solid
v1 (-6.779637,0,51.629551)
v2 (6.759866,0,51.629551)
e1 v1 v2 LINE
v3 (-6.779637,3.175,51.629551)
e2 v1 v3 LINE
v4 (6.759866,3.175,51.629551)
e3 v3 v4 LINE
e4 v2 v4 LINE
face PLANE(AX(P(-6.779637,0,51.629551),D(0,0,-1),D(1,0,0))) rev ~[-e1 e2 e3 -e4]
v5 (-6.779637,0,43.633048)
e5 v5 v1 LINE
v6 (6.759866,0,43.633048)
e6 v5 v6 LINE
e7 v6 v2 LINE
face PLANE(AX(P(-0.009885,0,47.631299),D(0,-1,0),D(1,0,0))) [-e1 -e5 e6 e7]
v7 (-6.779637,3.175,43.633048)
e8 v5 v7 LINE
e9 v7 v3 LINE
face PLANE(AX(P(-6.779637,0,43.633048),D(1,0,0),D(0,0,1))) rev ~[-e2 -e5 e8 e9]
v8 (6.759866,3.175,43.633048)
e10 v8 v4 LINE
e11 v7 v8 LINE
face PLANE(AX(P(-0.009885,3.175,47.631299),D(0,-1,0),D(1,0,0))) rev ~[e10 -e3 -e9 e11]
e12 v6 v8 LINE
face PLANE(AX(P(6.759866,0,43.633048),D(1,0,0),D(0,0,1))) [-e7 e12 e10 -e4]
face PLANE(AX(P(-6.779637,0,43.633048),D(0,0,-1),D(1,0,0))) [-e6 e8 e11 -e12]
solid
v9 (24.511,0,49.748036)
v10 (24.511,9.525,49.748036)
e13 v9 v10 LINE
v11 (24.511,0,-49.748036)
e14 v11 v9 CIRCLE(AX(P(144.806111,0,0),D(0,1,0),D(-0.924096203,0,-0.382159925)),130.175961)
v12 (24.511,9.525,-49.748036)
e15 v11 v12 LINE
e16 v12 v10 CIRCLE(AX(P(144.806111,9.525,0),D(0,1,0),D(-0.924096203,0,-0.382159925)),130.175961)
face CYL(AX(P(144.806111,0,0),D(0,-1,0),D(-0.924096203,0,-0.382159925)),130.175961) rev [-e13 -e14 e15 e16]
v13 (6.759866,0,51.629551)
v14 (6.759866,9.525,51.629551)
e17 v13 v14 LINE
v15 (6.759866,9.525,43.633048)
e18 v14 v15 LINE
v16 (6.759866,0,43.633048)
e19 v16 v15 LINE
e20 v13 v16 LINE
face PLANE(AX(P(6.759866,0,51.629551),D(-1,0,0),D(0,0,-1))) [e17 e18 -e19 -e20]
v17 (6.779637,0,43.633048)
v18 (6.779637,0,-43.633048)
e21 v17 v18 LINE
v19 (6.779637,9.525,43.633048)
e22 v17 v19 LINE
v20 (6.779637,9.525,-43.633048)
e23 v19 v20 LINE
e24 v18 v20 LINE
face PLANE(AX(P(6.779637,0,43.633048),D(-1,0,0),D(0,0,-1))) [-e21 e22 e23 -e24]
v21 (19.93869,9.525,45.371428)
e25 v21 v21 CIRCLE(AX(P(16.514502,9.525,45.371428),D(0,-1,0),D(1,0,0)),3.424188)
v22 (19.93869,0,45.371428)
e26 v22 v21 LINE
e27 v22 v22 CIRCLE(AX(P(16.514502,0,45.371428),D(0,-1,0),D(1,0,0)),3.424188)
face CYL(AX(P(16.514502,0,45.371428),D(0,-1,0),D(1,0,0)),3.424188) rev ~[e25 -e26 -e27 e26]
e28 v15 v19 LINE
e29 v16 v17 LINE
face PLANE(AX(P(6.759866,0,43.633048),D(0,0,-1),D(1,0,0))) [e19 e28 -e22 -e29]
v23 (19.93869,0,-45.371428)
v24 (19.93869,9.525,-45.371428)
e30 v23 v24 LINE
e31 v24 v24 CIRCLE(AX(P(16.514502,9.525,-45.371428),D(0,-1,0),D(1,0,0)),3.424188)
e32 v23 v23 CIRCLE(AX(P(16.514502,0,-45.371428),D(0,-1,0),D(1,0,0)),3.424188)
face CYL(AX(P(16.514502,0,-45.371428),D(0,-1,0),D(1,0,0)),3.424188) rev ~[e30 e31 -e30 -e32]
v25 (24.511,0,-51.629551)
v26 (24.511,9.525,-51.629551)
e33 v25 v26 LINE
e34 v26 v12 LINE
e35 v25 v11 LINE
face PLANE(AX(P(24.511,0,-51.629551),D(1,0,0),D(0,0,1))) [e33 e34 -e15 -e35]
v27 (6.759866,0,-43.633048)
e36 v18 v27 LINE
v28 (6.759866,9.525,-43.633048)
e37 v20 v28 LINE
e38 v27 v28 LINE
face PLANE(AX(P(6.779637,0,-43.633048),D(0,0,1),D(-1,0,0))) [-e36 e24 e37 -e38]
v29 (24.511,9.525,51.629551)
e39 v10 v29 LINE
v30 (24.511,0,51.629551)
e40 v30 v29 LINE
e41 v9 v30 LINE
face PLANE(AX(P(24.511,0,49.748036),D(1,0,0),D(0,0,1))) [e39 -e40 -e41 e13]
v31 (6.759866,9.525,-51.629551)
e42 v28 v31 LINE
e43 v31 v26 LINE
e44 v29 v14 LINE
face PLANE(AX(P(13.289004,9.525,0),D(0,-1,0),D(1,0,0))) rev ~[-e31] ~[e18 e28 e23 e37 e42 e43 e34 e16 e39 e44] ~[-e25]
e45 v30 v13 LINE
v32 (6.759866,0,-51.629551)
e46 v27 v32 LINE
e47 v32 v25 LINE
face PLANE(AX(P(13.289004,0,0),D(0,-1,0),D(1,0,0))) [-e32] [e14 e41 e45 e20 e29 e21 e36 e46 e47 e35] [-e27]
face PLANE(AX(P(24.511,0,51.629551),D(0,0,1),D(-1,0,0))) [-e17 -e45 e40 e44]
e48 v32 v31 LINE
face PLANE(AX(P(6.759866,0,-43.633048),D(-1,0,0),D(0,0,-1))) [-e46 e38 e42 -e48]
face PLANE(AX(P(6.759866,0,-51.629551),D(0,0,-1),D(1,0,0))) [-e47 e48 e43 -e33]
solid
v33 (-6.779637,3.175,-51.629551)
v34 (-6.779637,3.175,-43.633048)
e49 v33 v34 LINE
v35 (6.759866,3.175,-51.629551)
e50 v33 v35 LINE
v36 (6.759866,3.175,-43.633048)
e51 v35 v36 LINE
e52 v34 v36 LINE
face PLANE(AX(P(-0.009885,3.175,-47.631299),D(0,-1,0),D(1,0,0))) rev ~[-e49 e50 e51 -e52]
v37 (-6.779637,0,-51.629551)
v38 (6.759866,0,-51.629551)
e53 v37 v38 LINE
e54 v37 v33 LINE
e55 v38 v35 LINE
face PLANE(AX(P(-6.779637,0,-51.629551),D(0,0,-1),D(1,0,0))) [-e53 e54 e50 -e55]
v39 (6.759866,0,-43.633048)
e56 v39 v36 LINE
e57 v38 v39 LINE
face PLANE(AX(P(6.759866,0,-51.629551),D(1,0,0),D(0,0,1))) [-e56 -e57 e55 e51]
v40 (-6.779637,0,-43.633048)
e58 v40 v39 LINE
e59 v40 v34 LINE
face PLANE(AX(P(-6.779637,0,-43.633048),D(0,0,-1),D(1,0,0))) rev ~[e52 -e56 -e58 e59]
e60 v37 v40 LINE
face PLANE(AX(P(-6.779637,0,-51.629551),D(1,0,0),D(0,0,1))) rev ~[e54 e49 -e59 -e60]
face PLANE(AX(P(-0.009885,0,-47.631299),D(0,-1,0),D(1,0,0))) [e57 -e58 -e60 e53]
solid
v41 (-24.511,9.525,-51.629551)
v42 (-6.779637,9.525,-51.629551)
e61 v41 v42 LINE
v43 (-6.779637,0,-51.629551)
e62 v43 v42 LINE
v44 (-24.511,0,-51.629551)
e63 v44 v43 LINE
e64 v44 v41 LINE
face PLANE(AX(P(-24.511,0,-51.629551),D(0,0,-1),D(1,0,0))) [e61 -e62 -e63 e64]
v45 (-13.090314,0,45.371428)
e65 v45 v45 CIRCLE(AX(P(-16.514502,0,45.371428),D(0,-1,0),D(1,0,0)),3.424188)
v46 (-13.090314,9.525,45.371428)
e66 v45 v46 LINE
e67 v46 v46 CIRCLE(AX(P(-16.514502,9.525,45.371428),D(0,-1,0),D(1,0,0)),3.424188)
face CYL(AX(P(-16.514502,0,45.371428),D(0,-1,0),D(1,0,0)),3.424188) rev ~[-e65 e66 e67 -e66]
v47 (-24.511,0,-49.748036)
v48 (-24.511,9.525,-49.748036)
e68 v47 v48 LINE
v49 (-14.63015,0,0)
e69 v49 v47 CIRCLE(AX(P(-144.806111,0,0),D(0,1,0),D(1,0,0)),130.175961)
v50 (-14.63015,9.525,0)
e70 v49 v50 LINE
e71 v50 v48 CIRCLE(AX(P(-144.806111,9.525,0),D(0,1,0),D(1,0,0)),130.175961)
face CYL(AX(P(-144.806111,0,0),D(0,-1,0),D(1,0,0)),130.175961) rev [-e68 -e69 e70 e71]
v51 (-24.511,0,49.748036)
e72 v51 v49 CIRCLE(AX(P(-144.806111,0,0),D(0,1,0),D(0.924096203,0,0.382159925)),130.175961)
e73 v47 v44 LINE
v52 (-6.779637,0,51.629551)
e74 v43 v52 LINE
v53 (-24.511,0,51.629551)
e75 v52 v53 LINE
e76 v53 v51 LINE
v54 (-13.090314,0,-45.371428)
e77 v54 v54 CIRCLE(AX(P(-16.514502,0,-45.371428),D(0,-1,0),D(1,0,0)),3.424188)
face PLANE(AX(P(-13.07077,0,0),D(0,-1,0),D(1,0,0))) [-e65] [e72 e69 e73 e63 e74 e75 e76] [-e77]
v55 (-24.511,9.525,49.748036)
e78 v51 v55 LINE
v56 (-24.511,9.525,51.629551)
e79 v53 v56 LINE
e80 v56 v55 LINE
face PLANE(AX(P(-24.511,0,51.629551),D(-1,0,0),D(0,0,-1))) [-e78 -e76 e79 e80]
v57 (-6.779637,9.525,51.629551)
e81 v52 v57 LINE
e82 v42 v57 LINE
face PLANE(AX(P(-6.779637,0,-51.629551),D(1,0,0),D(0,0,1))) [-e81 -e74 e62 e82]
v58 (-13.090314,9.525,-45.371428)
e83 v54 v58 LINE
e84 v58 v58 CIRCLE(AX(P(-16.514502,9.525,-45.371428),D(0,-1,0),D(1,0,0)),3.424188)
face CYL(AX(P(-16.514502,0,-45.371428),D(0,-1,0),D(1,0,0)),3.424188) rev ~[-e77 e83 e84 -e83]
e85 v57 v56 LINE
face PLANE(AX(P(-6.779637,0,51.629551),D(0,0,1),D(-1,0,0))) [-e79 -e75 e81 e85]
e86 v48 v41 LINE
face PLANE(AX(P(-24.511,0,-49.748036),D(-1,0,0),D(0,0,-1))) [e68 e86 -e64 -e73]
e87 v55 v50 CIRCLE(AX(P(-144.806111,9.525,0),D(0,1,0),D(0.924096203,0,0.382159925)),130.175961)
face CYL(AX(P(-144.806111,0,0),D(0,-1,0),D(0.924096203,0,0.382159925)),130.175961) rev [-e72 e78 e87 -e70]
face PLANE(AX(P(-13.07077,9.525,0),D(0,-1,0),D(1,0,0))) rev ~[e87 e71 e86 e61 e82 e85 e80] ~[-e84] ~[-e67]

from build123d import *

# Parameters (mm, degrees)
F0_R     = 3.4241876024
F1_DEPTH = 9.525
F0_W     = 13.5395024959
F0_H     = 7.9965023652
F2_DEPTH = 3.175


with BuildPart() as f1:
    # F0 (on Front) → F1 (new body)
    with BuildSketch(Plane.XZ):
        with BuildLine():
            Line((-24.511, -51.6295505173), (-6.7796365268, -51.6295505173))
            Line((-6.7796365268, -51.6295505173), (-6.7796365268, -43.6330481522))
            Line((-6.7796365268, -43.6330481522), (-6.7796365268, 43.6330481522))
            Line((-6.7796365268, 43.6330481522), (-6.7796365268, 51.6295505173))
            Line((-6.7796365268, 51.6295505173), (-24.511, 51.6295505173))
            Line((-24.511, 51.6295505173), (-24.511, 49.748035513))
            ThreePointArc((-24.511, 49.748035513), (-17.1242555766, 25.3599005783), (-14.6301502406, 0))
            ThreePointArc((-14.6301502406, 0), (-17.1242555766, -25.3599005783), (-24.511, -49.748035513))
            Line((-24.511, -49.748035513), (-24.511, -51.6295505173))
        make_face()
        with Locations((-16.5145020448, -45.3714283937)):
            Circle(F0_R, mode=Mode.SUBTRACT)
        with Locations((-16.5145020448, 45.3714283937)):
            Circle(F0_R, mode=Mode.SUBTRACT)
    extrude(amount=-F1_DEPTH)


with BuildPart() as f1b:
    # F0 (on Front) → F1, piece 2 (new body)
    with BuildSketch(Plane.XZ):
        with BuildLine():
            Line((6.7598659691, -51.6295505173), (24.511, -51.6295505173))
            Line((24.511, -51.6295505173), (24.511, -49.748035513))
            ThreePointArc((24.511, -49.748035513), (14.6301502406, 0), (24.511, 49.748035513))
            Line((24.511, 49.748035513), (24.511, 51.6295505173))
            Line((24.511, 51.6295505173), (6.7598659691, 51.6295505173))
            Line((6.7598659691, 51.6295505173), (6.7598659691, 43.6330481522))
            Line((6.7598659691, 43.6330481522), (6.7796365268, 43.6330481522))
            Line((6.7796365268, 43.6330481522), (6.7796365268, -43.6330481522))
            Line((6.7796365268, -43.6330481522), (6.7598659691, -43.6330481522))
            Line((6.7598659691, -43.6330481522), (6.7598659691, -51.6295505173))
        make_face()
        with Locations((16.5145020448, -45.3714283937)):
            Circle(F0_R, mode=Mode.SUBTRACT)
        with Locations((16.5145020448, 45.3714283937)):
            Circle(F0_R, mode=Mode.SUBTRACT)
    extrude(amount=-F1_DEPTH)


with BuildPart() as f2:
    # F0 (on Front) → F2 (new body)
    with BuildSketch(Plane.XZ):
        with Locations((-0.0098852789, -47.6312993348)):
            Rectangle(F0_W, F0_H)
    extrude(amount=-F2_DEPTH)


with BuildPart() as f2b:
    # F0 (on Front) → F2, piece 2 (new body)
    with BuildSketch(Plane.XZ):
        with Locations((-0.0098852789, 47.6312993348)):
            Rectangle(F0_W, F0_H)
    extrude(amount=-F2_DEPTH)


solid = Compound([f1.part, f1b.part, f2.part, f2b.part])
